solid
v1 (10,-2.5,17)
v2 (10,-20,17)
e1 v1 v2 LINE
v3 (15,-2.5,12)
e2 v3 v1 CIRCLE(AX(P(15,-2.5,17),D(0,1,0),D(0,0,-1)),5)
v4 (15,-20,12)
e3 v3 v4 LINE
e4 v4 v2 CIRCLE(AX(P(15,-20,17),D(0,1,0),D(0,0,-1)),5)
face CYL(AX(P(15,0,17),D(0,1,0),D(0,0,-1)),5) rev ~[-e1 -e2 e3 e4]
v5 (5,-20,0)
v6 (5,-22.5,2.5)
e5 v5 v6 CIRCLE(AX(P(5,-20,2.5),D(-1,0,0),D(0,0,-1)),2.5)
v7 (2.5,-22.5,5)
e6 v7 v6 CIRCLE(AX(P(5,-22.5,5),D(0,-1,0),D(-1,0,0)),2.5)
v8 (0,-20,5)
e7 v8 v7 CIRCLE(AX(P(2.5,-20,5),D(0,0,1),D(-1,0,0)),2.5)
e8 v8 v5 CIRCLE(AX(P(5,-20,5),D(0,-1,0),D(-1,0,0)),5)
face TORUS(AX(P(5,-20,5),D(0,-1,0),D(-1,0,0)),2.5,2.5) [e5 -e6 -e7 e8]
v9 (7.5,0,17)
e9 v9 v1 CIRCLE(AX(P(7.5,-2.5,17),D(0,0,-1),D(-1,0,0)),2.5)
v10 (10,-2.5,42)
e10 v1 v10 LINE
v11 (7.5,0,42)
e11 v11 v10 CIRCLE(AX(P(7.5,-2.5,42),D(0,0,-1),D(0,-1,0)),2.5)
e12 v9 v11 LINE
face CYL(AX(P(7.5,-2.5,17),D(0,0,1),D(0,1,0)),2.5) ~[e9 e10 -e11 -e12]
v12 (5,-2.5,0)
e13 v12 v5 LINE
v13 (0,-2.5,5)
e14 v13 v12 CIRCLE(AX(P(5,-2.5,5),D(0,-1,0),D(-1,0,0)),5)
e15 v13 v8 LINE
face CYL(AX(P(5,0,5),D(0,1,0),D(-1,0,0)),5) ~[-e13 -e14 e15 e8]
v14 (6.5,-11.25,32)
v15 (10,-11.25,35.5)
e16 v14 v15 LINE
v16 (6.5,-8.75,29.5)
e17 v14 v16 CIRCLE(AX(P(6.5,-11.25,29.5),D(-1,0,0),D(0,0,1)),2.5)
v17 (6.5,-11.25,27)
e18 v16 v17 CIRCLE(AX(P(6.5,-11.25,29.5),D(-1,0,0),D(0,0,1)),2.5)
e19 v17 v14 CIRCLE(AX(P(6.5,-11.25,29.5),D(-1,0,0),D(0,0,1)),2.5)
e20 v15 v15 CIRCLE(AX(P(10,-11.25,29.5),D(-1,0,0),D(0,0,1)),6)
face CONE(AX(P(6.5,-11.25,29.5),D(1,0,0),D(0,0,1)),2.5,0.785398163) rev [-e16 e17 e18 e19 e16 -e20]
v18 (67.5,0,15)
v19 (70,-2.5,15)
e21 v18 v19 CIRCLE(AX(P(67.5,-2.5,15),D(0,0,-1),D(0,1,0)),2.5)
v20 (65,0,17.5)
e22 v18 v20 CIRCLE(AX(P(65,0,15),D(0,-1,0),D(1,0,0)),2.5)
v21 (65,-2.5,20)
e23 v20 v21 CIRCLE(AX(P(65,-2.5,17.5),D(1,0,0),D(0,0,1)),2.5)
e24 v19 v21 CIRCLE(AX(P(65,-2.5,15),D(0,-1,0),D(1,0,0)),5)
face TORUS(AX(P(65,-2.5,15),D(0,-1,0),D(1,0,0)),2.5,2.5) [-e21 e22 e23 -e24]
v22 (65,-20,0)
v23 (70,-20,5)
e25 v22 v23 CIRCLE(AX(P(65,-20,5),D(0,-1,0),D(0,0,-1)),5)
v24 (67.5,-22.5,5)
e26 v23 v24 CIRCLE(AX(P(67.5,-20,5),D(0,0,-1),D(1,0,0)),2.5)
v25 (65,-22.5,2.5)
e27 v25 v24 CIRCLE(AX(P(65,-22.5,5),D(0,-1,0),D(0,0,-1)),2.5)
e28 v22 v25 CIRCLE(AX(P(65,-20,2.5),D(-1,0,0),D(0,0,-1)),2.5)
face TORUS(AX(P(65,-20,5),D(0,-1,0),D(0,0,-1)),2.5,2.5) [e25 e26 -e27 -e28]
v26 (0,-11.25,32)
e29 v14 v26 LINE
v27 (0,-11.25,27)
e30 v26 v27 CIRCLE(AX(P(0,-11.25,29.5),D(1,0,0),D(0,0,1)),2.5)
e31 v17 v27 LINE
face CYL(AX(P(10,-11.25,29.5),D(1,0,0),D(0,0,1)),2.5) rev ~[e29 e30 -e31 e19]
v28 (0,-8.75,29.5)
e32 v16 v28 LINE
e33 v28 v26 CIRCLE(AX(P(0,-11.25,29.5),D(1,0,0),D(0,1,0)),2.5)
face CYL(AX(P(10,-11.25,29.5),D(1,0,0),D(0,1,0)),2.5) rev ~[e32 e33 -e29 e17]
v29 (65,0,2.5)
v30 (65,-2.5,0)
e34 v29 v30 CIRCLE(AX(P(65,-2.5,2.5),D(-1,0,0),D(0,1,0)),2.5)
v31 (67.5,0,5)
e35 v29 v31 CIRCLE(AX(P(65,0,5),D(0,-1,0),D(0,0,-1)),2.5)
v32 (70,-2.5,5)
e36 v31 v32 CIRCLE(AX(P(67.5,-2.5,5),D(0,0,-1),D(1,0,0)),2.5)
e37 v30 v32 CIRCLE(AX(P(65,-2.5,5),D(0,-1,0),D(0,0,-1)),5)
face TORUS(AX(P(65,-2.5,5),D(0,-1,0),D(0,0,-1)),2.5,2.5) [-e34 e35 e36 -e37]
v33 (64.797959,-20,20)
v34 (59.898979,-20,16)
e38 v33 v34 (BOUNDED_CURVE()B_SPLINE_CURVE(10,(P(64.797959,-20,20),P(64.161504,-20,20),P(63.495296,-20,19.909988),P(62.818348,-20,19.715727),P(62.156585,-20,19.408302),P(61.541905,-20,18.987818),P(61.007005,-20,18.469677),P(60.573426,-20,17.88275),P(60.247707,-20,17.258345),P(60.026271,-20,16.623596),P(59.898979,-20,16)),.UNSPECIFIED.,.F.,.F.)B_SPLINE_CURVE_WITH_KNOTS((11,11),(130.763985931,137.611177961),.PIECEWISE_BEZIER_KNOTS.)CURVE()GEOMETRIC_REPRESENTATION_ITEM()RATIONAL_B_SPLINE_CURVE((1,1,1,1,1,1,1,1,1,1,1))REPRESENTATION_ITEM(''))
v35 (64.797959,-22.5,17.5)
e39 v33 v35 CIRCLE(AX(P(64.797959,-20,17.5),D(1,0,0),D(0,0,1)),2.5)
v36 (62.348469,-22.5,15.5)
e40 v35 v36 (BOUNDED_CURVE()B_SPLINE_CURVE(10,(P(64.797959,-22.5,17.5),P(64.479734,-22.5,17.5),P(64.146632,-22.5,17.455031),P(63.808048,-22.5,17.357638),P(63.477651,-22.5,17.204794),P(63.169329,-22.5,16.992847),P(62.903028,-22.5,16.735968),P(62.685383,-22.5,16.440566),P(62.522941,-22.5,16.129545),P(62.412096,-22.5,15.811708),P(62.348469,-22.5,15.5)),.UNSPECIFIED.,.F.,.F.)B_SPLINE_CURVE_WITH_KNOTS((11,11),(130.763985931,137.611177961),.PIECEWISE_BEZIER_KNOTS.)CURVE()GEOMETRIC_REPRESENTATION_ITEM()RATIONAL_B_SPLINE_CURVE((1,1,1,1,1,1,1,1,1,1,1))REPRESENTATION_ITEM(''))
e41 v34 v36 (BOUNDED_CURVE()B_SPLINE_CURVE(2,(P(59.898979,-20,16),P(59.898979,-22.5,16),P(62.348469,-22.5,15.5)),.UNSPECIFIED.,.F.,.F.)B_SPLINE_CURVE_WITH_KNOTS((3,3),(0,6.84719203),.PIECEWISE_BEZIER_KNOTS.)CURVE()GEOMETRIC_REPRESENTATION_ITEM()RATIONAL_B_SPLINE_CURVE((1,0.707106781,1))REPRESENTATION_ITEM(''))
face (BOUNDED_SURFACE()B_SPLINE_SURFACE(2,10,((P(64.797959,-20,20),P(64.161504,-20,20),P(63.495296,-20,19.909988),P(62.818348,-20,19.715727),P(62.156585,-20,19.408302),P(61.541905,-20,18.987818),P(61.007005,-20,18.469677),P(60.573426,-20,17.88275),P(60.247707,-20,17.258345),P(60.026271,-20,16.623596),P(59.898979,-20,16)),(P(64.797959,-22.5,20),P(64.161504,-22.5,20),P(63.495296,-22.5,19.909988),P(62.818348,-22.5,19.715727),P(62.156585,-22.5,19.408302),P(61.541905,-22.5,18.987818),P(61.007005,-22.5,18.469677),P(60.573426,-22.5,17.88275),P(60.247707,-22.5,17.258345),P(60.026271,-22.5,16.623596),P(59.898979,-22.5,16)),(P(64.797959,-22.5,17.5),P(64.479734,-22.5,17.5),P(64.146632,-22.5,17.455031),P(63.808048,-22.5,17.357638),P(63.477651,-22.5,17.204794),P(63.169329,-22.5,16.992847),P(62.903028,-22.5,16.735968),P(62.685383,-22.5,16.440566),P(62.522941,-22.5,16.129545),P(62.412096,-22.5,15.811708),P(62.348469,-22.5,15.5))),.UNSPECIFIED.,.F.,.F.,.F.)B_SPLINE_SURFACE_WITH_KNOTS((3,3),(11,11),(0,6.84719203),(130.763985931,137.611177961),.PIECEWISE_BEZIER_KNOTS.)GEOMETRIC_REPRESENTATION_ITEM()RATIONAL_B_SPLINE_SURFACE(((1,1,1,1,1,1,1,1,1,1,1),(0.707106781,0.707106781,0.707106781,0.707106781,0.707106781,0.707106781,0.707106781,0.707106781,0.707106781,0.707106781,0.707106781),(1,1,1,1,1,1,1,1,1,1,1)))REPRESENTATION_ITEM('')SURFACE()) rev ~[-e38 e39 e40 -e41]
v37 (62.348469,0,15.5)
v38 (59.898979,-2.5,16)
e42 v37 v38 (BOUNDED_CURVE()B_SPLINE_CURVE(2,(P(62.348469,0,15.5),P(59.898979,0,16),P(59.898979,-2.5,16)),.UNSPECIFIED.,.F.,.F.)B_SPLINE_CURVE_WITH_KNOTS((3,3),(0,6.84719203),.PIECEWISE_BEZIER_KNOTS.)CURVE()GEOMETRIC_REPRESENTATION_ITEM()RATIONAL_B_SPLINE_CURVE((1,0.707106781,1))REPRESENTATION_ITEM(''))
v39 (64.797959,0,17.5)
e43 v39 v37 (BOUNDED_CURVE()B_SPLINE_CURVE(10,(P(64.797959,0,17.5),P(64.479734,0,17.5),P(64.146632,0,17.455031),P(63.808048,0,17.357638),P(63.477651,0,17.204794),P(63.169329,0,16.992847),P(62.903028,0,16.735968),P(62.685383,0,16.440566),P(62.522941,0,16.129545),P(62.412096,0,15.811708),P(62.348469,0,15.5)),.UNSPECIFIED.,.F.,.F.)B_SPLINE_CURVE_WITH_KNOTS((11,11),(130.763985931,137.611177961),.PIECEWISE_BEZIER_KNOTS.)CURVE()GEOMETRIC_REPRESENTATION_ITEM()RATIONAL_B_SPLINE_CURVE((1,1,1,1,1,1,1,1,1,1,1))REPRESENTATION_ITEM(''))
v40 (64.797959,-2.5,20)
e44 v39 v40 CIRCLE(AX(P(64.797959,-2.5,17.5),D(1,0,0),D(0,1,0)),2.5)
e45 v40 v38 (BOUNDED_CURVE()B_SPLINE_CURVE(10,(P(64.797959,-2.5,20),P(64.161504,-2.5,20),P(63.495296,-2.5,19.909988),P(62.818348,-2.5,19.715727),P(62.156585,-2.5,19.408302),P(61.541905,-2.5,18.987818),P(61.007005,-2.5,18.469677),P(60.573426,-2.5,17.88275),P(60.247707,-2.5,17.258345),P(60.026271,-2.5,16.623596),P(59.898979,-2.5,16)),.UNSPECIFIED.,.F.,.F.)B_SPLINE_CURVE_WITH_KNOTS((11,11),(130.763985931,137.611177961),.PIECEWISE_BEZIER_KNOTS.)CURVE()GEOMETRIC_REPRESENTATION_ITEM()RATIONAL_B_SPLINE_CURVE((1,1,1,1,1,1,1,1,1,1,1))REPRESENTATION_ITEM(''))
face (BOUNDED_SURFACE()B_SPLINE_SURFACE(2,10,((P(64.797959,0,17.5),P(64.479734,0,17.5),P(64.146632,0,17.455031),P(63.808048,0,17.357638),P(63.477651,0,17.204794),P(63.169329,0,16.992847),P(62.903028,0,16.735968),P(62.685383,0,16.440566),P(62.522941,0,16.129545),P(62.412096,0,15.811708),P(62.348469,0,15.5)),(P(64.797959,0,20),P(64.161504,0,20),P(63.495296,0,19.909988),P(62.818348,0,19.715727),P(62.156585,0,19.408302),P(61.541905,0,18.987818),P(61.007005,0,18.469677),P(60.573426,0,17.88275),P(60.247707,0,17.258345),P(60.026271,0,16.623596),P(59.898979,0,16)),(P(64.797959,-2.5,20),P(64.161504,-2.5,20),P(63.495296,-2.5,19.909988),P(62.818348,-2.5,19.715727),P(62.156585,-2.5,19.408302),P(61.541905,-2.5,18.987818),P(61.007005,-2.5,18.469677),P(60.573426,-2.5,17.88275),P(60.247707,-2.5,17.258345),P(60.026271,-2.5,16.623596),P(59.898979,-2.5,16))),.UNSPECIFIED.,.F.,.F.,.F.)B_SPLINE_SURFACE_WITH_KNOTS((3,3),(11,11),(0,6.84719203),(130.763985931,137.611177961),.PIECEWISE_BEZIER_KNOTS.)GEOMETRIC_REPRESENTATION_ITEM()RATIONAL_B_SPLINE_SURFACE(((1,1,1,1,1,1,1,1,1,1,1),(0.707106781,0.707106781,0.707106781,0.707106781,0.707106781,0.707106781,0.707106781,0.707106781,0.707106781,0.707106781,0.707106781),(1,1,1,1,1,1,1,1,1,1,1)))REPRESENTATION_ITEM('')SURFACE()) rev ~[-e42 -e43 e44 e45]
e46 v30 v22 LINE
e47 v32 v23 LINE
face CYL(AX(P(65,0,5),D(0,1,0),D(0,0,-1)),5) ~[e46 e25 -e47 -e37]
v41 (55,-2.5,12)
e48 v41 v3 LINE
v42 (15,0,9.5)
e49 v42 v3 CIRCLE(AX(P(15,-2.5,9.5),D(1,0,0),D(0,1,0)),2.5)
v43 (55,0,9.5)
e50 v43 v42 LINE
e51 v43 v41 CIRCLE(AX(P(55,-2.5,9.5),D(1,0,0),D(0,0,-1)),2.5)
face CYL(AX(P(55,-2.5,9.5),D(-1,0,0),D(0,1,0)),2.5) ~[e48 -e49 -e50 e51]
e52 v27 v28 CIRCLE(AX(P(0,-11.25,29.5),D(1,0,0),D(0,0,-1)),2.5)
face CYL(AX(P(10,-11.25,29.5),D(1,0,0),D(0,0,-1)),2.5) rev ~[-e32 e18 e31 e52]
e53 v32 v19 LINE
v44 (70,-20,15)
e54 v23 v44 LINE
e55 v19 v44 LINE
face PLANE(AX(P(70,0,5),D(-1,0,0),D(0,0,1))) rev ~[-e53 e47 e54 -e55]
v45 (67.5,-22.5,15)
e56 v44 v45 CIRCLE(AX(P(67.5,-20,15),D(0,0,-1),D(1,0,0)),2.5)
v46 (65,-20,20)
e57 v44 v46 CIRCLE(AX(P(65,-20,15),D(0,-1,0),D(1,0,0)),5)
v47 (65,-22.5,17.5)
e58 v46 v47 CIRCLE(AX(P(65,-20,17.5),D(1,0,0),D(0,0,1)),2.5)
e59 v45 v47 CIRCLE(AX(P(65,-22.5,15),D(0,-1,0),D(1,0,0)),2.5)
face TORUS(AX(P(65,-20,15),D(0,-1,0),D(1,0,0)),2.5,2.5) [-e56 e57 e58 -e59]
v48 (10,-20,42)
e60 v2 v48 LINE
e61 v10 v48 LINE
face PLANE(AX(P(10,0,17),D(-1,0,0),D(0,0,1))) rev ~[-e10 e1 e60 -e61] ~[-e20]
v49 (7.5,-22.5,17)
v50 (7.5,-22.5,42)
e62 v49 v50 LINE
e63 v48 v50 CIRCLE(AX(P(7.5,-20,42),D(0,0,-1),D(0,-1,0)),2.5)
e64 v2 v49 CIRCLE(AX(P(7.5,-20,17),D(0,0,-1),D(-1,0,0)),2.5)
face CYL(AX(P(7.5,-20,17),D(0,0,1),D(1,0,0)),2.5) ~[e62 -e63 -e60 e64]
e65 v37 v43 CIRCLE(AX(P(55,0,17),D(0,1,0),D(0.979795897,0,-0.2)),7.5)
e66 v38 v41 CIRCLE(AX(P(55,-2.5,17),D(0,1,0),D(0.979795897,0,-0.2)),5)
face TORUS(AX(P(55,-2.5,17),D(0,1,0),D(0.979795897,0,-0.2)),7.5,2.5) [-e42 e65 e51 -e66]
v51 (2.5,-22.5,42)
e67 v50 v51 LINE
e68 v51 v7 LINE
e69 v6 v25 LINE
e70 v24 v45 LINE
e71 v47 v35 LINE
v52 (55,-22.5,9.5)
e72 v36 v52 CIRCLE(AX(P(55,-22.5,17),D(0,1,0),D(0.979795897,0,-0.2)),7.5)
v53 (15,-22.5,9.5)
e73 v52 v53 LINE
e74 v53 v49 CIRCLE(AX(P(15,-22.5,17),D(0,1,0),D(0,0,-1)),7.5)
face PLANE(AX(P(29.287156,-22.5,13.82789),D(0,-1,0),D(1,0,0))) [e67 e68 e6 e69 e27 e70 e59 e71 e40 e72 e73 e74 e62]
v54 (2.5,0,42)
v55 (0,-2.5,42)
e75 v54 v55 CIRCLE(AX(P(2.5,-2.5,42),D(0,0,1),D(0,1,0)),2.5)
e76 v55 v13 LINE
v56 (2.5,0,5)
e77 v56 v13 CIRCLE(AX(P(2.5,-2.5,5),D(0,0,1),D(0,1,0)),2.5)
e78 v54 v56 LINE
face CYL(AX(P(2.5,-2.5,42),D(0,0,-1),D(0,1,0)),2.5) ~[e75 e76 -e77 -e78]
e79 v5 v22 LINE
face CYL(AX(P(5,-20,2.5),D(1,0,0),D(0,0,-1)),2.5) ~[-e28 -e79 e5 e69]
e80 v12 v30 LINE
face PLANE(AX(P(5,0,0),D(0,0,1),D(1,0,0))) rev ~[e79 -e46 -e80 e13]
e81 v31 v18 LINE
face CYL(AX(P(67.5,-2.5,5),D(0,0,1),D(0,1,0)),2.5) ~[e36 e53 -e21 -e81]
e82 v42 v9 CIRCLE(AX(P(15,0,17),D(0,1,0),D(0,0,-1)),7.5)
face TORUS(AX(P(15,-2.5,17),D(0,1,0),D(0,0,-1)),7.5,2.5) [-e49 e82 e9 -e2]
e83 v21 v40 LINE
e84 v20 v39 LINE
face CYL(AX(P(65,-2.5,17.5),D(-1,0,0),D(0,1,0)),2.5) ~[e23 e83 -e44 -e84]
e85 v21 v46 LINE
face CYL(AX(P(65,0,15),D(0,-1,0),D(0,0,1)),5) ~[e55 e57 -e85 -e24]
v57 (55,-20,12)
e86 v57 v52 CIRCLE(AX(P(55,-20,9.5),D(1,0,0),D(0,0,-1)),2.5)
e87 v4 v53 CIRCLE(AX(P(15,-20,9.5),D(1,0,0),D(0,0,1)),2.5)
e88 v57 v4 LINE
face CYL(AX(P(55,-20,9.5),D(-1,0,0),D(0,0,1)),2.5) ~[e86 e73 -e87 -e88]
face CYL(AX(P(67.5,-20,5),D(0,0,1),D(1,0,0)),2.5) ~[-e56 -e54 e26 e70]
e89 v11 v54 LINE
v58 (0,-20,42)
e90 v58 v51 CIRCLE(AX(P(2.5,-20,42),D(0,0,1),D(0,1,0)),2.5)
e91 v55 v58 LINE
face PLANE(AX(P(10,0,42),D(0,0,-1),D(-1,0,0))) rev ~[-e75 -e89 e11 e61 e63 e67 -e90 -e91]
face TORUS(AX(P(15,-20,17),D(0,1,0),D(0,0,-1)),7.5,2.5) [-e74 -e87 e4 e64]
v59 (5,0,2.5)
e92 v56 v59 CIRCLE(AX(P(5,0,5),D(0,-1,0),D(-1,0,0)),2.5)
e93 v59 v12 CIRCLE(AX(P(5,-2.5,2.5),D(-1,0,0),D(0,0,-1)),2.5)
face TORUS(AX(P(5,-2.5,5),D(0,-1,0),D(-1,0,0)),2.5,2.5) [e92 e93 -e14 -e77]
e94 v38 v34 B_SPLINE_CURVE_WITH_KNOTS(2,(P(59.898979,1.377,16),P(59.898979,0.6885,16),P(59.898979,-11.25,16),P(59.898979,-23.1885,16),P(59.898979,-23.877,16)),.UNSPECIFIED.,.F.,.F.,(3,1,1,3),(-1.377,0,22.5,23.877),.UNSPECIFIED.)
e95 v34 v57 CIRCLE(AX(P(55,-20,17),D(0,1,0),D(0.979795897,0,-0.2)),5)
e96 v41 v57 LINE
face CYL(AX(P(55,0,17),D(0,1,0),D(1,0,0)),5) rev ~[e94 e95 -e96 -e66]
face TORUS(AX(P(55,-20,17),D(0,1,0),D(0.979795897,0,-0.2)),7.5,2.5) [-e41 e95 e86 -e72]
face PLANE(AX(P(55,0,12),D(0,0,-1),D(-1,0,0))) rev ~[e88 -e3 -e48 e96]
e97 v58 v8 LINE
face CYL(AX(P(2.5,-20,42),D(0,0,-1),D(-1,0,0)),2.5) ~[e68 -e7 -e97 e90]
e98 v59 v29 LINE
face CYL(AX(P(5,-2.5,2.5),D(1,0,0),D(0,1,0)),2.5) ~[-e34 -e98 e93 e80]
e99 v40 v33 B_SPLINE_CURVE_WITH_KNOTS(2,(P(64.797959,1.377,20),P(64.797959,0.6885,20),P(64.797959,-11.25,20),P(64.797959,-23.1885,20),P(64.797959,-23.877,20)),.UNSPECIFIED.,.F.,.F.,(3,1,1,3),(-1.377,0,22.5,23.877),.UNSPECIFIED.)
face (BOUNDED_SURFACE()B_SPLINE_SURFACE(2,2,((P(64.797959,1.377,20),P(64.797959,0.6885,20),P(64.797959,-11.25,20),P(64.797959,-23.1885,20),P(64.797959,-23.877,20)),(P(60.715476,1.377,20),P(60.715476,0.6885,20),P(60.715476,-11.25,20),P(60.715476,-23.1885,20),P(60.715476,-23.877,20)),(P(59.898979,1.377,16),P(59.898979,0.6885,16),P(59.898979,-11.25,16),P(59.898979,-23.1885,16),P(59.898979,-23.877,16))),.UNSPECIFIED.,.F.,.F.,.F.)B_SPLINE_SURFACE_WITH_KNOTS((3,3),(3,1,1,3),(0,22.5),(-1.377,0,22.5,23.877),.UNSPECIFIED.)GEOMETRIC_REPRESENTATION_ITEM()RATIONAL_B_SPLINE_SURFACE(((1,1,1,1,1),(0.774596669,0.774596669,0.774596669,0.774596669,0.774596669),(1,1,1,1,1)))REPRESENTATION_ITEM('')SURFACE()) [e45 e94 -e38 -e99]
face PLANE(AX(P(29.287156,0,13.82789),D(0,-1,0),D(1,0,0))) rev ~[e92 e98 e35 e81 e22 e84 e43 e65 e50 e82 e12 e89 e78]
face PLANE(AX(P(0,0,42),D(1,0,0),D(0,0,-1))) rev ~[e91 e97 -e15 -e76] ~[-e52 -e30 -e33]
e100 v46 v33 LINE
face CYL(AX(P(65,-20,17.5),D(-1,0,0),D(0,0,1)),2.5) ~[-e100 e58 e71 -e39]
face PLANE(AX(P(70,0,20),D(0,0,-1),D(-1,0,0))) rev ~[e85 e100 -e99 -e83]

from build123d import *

# Parameters (mm, degrees)
F1_DEPTH = 22.5
F3_DEPTH = 25
F7_R     = 5
F8_R     = 5
F9_R     = 2.5


with BuildPart() as f1:
    # F0 (on Front) → F1 (new body)
    with BuildSketch(Plane.XZ):
        with BuildLine():
            Line((0, 42), (0, 5))
            ThreePointArc((0, 5), (1.4644660941, 1.4644660941), (5, 0))
            Line((5, 0), (65, 0))
            ThreePointArc((65, 0), (68.5355339059, 1.4644660941), (70, 5))
            Line((70, 5), (70, 20))
            Line((70, 20), (60, 20))
            Line((60, 20), (60, 17))
            ThreePointArc((60, 17), (58.5355339059, 13.4644660941), (55, 12))
            Line((55, 12), (15, 12))
            ThreePointArc((15, 12), (11.4644660941, 13.4644660941), (10, 17))
            Line((10, 17), (10, 42))
            Line((10, 42), (0, 42))
        make_face()
    extrude(amount=F1_DEPTH)

    # F2 (on face) → F3 (cut)
    with BuildSketch(Plane.YZ.offset(10)):
        with BuildLine():
            ThreePointArc((-8.75, 29.5), (-9.482233047, 31.267766953), (-11.25, 32))
            Line((-11.25, 32), (-11.25, 27))
            ThreePointArc((-11.25, 27), (-9.482233047, 27.732233047), (-8.75, 29.5))
        make_face()
        with BuildLine():
            Line((-11.25, 27), (-11.25, 32))
            ThreePointArc((-11.25, 32), (-13.75, 29.5), (-11.25, 27))
        make_face()
    extrude(amount=-F3_DEPTH, mode=Mode.SUBTRACT)

    # F5 (on line) → F6 (revolve, cut)
    with BuildSketch(Plane(origin=(0, -11.25, 0), x_dir=(-1, 0, 0), z_dir=(0, 1, 0))):
        Polygon((-6.5, 32), (-10, 35.5), (-10, 32), align=None)
    revolve(axis=Axis((5, -11.25, 29.5), (-1, 0, 0)), mode=Mode.SUBTRACT)

    # F7
    f7_edges = [f1.edges().sort_by_distance(p)[0] for p in [
        (60, -11.25, 20),
    ]]
    fillet(f7_edges, radius=F7_R)

    # F8
    f8_edges = [f1.edges().sort_by_distance(p)[0] for p in [
        (70, -11.25, 20),
    ]]
    fillet(f8_edges, radius=F8_R)

    # F9
    f9_edges = [f1.edges().sort_by_distance(p)[0] for p in [
        (35, 0, 12),
        (35, -22.5, 12),
    ]]
    fillet(f9_edges, radius=F9_R)


solid = f1.part
